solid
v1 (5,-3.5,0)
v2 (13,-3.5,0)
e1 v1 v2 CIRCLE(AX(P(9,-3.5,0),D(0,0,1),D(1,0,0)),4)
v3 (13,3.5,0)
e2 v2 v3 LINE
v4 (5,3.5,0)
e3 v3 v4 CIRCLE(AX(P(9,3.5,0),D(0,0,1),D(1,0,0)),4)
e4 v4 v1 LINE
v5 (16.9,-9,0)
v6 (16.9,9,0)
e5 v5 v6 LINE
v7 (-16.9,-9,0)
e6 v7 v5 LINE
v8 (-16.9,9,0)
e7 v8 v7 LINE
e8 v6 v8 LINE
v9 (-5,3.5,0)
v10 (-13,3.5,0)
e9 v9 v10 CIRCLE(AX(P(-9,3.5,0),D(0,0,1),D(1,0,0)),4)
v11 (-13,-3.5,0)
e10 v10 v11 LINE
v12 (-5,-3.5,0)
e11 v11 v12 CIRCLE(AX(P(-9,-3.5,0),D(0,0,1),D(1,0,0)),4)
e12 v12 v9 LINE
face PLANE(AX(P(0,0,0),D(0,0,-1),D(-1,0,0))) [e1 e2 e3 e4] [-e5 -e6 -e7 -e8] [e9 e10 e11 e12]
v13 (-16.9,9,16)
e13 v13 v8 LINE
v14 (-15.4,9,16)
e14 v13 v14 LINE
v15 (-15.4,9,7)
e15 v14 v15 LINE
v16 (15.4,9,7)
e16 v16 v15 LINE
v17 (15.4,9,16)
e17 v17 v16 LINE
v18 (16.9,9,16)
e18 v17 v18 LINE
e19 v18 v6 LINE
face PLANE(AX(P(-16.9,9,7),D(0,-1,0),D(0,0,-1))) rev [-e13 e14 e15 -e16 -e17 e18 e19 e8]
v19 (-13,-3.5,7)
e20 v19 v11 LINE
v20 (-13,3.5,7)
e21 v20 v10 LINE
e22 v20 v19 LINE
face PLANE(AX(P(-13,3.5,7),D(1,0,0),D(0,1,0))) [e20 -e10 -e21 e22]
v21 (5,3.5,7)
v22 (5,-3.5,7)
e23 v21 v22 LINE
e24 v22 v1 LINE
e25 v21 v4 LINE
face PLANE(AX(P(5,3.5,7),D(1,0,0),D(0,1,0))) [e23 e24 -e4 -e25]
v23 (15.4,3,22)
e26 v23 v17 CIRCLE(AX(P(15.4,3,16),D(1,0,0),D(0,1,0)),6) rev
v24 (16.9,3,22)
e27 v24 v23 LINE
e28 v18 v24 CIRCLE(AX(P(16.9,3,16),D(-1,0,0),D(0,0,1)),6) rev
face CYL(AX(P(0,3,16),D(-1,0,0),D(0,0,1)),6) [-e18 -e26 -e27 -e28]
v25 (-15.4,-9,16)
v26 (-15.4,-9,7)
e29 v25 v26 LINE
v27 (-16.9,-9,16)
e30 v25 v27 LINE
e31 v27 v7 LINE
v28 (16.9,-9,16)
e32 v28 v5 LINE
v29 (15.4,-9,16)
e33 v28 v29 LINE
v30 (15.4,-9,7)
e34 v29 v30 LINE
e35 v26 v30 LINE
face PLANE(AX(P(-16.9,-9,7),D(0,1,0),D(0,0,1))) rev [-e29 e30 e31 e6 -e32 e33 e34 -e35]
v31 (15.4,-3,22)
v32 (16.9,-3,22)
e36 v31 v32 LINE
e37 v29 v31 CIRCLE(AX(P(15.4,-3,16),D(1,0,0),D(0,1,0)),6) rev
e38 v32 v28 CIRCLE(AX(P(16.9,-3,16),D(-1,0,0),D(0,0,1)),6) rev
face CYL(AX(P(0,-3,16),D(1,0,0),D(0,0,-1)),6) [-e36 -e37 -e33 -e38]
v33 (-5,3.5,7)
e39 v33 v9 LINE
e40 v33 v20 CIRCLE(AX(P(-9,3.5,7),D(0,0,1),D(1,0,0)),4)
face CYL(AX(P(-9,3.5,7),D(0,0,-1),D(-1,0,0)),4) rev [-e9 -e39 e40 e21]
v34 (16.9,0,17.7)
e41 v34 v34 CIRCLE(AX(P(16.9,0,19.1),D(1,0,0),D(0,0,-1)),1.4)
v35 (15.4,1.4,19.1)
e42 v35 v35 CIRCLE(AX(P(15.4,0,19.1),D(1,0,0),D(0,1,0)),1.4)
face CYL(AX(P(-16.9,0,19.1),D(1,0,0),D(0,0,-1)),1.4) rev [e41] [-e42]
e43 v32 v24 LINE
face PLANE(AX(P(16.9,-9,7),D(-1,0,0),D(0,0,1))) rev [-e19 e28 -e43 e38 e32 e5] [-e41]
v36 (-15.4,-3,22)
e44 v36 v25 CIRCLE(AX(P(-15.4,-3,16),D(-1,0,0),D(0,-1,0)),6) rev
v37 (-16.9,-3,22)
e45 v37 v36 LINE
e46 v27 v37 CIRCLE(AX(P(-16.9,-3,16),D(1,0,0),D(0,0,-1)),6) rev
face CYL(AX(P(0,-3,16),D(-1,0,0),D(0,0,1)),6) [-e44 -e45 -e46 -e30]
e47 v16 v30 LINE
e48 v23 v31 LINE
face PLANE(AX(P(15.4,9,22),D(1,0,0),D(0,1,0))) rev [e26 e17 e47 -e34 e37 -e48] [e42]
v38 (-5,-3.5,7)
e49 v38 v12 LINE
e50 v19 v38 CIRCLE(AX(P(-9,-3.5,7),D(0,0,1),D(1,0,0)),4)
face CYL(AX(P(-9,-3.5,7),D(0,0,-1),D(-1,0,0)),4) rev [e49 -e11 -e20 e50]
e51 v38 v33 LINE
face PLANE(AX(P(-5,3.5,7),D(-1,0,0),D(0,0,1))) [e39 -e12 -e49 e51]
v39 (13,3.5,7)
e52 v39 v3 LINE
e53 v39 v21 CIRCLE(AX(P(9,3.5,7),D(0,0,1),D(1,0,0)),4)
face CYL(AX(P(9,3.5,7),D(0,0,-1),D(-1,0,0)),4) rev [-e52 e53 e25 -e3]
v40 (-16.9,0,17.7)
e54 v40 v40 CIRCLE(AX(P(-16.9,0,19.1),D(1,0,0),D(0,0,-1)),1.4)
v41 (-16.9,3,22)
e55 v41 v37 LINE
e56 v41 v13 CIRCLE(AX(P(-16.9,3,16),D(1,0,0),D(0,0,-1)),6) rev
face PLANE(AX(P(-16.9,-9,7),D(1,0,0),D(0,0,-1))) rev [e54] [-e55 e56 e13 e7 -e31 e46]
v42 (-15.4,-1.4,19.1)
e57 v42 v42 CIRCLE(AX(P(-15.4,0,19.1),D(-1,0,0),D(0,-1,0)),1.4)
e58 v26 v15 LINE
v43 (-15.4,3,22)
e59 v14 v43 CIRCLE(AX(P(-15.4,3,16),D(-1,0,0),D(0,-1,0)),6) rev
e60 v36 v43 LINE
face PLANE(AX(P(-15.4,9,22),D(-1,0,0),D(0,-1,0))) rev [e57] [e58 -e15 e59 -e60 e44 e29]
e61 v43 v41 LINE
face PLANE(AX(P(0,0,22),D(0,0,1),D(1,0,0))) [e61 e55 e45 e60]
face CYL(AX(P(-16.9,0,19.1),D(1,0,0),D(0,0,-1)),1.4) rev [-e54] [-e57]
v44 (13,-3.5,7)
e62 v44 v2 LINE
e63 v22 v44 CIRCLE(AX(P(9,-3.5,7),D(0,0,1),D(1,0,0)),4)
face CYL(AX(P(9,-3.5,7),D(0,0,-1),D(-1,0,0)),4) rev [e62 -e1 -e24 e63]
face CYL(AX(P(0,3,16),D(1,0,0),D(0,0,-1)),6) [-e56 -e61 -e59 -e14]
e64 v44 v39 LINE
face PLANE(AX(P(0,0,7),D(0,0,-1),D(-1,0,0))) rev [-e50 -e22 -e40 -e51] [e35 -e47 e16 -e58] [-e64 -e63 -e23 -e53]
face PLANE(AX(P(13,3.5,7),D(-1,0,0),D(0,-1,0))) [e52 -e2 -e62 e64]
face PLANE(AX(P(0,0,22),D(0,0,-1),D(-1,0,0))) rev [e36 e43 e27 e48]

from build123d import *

# Parameters (mm, degrees)
SKETCH1_W           = 33.8
SKETCH1_H           = 18
BOSS_EXTRUDE1_DEPTH = 7
SKETCH2_W           = 1.5
SKETCH2_H           = 18
BOSS_EXTRUDE2_DEPTH = 15
SKETCH3_R           = 1.4
CUT_EXTRUDE1_DEPTH  = 34.8
FILLET1_R           = 6


with BuildPart() as part:
    # Sketch1 → Boss-Extrude1 (new body)
    with BuildSketch(Plane.XY):
        Rectangle(SKETCH1_W, SKETCH1_H)
        with BuildLine():
            Line((-5, 3.5), (-5, -3.5))
            ThreePointArc((-5, -3.5), (-9, -7.5), (-13, -3.5))
            Line((-13, -3.5), (-13, 3.5))
            ThreePointArc((-13, 3.5), (-9, 7.5), (-5, 3.5))
        make_face(mode=Mode.SUBTRACT)
        with BuildLine():
            Line((13, 3.5), (13, -3.5))
            ThreePointArc((13, -3.5), (9, -7.5), (5, -3.5))
            Line((5, -3.5), (5, 3.5))
            ThreePointArc((5, 3.5), (9, 7.5), (13, 3.5))
        make_face(mode=Mode.SUBTRACT)
    extrude(amount=BOSS_EXTRUDE1_DEPTH)

    # Sketch2 → Boss-Extrude2 (add)
    with BuildSketch(Plane.XY.offset(7)):
        with Locations((-16.15, 0)):
            Rectangle(SKETCH2_W, SKETCH2_H)
        with Locations((16.15, 0)):
            Rectangle(SKETCH2_W, SKETCH2_H)
    extrude(amount=BOSS_EXTRUDE2_DEPTH)

    # Sketch3 → Cut-Extrude1 (cut, through all)
    with BuildSketch(Plane(origin=(16.9, 0, 0), x_dir=(0, 0, -1), z_dir=(1, 0, 0))):
        with Locations((-19.1, 0)):
            Circle(SKETCH3_R)
    extrude(amount=-CUT_EXTRUDE1_DEPTH, mode=Mode.SUBTRACT)

    # Fillet1
    fillet1_edges = [part.edges().sort_by_distance(p)[0] for p in [
        (16.15, -9, 22),
        (-16.15, -9, 22),
        (-16.15, 9, 22),
        (16.15, 9, 22),
    ]]
    fillet(fillet1_edges, radius=FILLET1_R)


solid = part.part
